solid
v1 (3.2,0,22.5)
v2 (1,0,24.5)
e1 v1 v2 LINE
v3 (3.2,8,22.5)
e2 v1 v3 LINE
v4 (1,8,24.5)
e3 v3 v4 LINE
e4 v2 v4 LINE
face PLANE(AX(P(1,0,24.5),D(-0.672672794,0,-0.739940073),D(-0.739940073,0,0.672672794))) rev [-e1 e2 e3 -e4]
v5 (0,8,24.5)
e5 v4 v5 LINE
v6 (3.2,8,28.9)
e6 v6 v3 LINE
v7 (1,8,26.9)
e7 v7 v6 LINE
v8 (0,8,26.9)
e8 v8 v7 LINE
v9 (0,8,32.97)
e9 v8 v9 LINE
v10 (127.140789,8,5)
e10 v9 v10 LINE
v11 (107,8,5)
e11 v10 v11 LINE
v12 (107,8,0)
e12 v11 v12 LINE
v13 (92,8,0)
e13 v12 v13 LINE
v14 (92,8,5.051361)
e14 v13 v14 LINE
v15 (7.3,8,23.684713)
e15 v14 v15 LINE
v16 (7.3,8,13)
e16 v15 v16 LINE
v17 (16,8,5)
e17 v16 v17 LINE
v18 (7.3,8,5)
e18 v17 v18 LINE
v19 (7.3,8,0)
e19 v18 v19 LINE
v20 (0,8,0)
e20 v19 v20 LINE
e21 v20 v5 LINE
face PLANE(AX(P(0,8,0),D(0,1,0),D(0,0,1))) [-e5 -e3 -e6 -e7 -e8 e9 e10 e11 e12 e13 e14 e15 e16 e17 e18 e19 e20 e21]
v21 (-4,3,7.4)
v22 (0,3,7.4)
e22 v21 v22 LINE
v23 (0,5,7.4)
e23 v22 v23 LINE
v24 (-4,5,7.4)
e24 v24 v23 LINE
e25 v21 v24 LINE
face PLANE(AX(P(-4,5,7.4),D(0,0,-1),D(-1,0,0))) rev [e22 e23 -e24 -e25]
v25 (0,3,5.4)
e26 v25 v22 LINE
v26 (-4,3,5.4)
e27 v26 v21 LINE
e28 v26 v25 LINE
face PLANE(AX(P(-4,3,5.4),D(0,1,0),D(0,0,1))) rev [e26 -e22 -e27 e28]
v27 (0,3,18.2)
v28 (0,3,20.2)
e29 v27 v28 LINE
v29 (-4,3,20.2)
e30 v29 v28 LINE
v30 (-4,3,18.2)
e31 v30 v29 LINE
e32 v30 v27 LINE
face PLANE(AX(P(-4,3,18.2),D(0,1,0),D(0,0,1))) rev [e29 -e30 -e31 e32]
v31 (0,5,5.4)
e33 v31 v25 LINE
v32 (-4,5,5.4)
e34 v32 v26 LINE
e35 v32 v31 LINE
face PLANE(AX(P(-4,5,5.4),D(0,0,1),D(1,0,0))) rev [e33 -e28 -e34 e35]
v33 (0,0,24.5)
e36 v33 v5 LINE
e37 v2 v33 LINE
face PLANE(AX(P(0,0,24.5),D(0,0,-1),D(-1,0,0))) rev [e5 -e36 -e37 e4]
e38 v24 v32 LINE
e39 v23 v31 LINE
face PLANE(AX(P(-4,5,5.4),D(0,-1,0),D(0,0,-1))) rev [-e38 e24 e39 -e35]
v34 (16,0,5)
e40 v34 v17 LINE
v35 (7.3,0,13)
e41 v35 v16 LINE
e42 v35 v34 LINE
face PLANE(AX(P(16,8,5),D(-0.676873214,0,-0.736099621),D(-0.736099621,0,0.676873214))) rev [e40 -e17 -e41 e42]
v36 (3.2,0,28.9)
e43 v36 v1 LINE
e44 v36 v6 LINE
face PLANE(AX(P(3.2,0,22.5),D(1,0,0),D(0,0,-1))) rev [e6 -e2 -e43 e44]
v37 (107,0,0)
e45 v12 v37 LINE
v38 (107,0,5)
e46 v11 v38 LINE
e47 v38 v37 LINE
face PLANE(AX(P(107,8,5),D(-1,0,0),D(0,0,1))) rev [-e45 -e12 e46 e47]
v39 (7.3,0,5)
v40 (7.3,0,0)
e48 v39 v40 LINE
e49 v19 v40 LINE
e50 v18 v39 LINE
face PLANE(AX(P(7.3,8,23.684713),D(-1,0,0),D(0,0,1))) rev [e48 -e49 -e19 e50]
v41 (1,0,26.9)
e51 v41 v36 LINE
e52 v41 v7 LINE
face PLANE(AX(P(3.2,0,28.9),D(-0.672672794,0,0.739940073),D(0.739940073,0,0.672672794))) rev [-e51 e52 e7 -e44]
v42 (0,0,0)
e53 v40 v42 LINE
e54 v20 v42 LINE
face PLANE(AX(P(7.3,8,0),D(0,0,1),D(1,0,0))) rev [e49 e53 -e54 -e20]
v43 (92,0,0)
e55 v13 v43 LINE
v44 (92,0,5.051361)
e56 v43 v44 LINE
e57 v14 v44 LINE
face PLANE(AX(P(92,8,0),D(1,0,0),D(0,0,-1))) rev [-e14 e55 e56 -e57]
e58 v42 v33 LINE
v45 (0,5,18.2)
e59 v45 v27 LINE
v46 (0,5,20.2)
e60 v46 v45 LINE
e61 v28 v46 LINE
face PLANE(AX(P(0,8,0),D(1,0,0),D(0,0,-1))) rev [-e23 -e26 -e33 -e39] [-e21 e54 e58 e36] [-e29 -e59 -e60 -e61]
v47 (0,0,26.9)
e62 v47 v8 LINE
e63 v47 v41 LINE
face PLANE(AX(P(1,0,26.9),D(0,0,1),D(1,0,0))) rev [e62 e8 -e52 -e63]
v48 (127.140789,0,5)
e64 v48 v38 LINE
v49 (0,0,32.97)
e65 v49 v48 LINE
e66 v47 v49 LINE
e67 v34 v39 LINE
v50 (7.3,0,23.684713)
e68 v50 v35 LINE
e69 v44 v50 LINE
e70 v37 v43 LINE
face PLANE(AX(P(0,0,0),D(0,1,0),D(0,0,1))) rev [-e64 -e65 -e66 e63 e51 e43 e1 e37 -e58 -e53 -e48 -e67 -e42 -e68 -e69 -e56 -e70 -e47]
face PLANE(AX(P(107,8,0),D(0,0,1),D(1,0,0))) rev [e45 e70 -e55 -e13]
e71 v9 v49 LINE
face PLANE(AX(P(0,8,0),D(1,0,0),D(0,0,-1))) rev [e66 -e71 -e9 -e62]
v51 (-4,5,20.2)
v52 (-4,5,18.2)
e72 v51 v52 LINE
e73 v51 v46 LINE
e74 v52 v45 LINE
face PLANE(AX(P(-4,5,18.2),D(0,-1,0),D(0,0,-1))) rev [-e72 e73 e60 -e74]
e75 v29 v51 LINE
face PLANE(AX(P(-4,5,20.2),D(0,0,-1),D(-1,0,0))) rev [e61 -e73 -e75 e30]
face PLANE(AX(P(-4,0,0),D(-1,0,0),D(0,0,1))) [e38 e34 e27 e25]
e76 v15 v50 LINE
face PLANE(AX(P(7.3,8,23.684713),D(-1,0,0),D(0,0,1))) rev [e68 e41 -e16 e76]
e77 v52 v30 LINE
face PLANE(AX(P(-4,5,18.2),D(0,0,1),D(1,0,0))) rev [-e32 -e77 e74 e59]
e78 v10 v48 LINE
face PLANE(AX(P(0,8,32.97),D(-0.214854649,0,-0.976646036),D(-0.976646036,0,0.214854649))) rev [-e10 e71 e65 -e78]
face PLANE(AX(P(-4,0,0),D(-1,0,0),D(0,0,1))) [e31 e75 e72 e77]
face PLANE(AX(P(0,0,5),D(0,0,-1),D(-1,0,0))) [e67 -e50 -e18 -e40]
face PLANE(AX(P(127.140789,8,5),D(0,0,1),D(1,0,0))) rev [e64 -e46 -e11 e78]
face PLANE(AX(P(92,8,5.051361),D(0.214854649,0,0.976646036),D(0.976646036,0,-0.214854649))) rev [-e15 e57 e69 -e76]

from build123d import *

# Parameters (mm, degrees)
P_IDAT_VYSUNUT_M1_DEPTH  = 8
ODEBRAT_VYSUNUT_M1_DEPTH = 132.589517946
SKICA3_W                 = 2
SKICA3_H                 = 2
P_IDAT_VYSUNUT_M2_DEPTH  = 4
SKICA5_W                 = 16
SKICA5_H                 = 8
P_IDAT_VYSUNUT_M4_DEPTH  = 8
ODEBRAT_VYSUNUT_M3_DEPTH = 132.589517946


with BuildPart() as part:
    # Skica1 → Přidat vysunutím1 (new body)
    with BuildSketch(Plane(origin=(0, 0, 0), x_dir=(1, 0, 0), z_dir=(0, 1, 0))):
        Polygon((0, 0), (0, -32.97), (127.140789416, -5), (107, -5), (107, 0), (92, 0), (92, -5.051361455), (7.3, -23.684712804), (7.3, 0), align=None)
    extrude(amount=P_IDAT_VYSUNUT_M1_DEPTH)

    # Skica2 → Odebrat vysunutím1 (cut, through all)
    with BuildSketch(Plane(origin=(0, 8, 0), x_dir=(1, 0, 0), z_dir=(0, 1, 0))):
        Polygon((0, -24.5), (1, -24.5), (3.2, -22.5), (3.2, -28.9), (1, -26.9), (0, -26.9), align=None)
    extrude(amount=-ODEBRAT_VYSUNUT_M1_DEPTH, mode=Mode.SUBTRACT)

    # Skica3 → Přidat vysunutím2 (add)
    with BuildSketch(Plane.ZY):
        with Locations((6.4, 4)):
            Rectangle(SKICA3_W, SKICA3_H)
        with Locations((19.2, 4)):
            Rectangle(SKICA3_W, SKICA3_H)
    extrude(amount=P_IDAT_VYSUNUT_M2_DEPTH)

    # Skica5 → Přidat vysunutím4 (add)
    with BuildSketch(Plane(origin=(0, 8, 0), x_dir=(1, 0, 0), z_dir=(0, 1, 0))):
        with Locations((8, -9)):
            Rectangle(SKICA5_W, SKICA5_H)
    extrude(amount=-P_IDAT_VYSUNUT_M4_DEPTH)

    # Skica7 → Odebrat vysunutím3 (cut, through all)
    with BuildSketch(Plane.XZ):
        Polygon((7.3, 13), (16, 13), (16, 5), align=None)
    extrude(amount=-ODEBRAT_VYSUNUT_M3_DEPTH, mode=Mode.SUBTRACT)


solid = part.part
